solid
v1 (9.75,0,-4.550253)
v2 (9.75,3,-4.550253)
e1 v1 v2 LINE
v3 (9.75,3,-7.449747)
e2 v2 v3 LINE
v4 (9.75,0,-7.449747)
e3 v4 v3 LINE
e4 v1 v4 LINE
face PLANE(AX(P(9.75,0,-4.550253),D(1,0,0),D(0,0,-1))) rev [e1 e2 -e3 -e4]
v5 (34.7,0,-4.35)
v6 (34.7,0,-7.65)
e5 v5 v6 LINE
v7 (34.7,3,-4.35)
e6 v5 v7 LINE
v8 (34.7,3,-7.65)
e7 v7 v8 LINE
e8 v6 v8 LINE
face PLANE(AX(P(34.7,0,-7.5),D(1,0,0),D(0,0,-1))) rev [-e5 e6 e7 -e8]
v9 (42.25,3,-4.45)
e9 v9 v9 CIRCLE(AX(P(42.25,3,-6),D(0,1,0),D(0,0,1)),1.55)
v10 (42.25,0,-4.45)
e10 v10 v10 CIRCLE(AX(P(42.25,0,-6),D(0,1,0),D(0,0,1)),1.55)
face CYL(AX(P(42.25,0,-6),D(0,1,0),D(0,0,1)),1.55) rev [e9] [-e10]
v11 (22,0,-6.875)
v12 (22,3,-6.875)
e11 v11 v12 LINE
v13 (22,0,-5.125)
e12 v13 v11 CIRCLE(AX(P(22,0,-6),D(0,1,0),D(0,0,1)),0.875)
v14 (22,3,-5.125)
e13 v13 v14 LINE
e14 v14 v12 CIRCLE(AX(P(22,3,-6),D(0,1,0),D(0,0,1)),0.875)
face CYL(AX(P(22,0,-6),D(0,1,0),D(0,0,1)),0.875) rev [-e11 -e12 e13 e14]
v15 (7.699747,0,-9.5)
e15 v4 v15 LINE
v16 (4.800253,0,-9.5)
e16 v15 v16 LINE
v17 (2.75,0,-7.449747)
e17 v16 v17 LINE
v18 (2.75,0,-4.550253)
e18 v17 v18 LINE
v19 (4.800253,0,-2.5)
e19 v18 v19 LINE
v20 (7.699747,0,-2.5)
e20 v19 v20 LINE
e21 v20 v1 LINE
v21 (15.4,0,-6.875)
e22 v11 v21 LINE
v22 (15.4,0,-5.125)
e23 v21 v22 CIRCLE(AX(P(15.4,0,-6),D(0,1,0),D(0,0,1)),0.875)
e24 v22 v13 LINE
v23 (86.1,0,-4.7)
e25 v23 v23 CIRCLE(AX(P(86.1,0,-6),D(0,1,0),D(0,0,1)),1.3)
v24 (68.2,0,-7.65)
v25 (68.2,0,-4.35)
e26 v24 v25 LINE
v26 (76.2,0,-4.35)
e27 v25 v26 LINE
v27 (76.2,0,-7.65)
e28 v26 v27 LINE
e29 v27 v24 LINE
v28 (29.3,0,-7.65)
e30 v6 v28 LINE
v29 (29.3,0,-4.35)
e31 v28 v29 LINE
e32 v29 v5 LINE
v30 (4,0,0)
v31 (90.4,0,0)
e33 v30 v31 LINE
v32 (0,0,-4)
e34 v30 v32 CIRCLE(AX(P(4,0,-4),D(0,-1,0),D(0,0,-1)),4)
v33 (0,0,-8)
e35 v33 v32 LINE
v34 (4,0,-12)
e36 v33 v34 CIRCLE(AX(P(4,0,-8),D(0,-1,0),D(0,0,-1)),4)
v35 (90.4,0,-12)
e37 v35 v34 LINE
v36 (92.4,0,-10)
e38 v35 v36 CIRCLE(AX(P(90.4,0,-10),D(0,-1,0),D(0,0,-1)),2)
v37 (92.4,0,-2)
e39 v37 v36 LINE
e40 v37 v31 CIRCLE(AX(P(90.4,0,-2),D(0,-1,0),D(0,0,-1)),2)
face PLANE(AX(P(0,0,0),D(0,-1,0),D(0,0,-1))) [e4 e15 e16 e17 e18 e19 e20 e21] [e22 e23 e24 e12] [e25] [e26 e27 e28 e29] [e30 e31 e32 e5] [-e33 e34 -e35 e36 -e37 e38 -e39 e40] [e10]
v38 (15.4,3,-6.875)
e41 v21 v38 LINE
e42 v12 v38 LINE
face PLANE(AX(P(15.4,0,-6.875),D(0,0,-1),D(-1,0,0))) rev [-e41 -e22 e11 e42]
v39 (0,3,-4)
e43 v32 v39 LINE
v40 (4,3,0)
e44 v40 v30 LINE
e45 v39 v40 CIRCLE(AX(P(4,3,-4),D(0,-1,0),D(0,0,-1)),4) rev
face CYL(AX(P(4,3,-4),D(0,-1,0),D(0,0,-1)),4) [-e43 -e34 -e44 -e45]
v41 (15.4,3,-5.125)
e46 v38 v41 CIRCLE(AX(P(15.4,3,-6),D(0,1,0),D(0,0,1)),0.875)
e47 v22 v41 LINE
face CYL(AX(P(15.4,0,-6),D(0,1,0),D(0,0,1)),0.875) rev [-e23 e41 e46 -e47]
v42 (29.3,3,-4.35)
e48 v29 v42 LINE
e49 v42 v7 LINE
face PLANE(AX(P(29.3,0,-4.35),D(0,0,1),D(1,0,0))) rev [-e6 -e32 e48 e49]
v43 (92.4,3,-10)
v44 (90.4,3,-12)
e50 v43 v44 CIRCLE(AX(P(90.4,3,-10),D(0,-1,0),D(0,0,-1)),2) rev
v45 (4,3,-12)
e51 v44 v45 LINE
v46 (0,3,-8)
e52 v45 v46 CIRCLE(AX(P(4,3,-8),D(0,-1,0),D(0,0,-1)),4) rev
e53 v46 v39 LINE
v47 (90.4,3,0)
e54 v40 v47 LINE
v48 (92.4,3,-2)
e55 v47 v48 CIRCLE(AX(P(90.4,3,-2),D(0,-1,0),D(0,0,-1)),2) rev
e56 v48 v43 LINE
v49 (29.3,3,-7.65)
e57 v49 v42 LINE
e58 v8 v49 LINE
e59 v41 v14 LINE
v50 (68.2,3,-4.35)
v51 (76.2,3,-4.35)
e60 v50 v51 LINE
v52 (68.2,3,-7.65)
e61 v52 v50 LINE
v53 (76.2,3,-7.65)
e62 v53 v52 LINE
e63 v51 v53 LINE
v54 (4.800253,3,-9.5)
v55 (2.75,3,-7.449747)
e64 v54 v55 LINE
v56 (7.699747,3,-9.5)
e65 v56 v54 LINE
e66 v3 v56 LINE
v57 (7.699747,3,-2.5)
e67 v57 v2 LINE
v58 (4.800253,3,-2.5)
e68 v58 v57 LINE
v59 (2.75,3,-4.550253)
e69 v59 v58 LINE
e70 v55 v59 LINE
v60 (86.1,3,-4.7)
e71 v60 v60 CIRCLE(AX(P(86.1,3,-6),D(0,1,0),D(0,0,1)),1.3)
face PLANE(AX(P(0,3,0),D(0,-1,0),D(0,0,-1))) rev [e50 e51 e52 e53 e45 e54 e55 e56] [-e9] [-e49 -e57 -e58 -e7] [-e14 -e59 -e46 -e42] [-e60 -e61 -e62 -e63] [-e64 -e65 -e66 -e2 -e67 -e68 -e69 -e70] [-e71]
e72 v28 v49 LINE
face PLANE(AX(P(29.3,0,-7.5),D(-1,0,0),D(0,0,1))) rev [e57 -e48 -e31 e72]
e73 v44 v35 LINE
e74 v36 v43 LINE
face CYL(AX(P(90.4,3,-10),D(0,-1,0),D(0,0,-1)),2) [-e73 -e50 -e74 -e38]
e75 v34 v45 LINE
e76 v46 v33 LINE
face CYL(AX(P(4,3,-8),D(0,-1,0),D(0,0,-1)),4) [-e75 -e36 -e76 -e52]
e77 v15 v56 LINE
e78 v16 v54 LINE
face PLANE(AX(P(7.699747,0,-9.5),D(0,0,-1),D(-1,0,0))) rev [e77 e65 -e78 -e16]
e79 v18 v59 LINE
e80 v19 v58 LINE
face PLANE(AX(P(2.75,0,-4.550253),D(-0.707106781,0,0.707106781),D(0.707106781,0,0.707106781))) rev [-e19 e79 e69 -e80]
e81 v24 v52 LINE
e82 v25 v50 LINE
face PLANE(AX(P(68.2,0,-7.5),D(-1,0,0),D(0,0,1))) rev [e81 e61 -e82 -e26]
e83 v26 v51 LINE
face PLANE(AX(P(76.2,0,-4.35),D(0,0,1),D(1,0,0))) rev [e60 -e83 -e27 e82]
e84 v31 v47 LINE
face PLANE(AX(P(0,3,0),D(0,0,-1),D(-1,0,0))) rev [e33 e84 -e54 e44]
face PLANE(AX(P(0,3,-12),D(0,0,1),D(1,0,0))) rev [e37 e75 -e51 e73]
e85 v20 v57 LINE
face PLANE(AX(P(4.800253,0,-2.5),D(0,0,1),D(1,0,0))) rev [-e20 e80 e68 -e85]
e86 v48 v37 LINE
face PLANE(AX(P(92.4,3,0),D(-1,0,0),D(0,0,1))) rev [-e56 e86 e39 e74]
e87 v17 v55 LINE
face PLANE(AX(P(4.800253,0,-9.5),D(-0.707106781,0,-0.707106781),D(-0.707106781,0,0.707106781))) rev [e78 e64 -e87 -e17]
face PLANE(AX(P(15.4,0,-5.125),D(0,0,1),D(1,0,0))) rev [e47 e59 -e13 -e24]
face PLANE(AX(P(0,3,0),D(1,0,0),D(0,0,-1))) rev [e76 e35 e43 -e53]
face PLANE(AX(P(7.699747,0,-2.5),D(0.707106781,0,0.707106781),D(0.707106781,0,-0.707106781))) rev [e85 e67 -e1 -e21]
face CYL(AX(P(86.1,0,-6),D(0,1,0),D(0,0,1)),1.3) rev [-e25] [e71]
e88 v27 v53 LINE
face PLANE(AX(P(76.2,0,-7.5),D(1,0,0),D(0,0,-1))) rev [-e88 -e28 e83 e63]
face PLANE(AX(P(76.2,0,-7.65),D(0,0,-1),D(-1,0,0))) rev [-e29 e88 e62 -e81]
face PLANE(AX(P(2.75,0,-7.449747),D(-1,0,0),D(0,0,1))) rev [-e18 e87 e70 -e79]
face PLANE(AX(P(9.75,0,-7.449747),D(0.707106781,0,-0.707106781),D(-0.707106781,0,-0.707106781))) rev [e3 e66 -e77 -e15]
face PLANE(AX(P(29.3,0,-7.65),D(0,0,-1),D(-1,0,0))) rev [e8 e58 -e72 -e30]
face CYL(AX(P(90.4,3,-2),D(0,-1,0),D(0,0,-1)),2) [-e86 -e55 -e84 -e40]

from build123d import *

# Parameters (mm, degrees)
SKETCH2_W           = 92.4
SKETCH2_H           = 12
BOSS_EXTRUDE1_DEPTH = 3
FILLET1_R           = 4
FILLET2_R           = 2
SKETCH3_R           = 1.55
SKETCH3_R_2         = 1.3
SKETCH3_W           = 5.4
SKETCH3_H           = 3
SKETCH3_W_2         = 8
CUT_EXTRUDE1_DEPTH  = 4
SKETCH4_W           = 5.4
SKETCH4_H           = 0.15
SKETCH4_W_2         = 8
CUT_EXTRUDE2_DEPTH  = 4


with BuildPart() as part:
    # Sketch2 → Boss-Extrude1 (new body)
    with BuildSketch(Plane(origin=(0, 0, 0), x_dir=(1, 0, 0), z_dir=(0, 1, 0))):
        with Locations((46.2, 6)):
            Rectangle(SKETCH2_W, SKETCH2_H)
    extrude(amount=BOSS_EXTRUDE1_DEPTH)

    # Fillet1
    fillet1_edges = [part.edges().sort_by_distance(p)[0] for p in [
        (0, 1.5, -12),
        (0, 1.5, 0),
    ]]
    fillet(fillet1_edges, radius=FILLET1_R)

    # Fillet2
    fillet2_edges = [part.edges().sort_by_distance(p)[0] for p in [
        (92.4, 1.5, -12),
        (92.4, 1.5, 0),
    ]]
    fillet(fillet2_edges, radius=FILLET2_R)

    # Sketch3 → Cut-Extrude1 (cut, through all)
    with BuildSketch(Plane(origin=(0, 3, 0), x_dir=(1, 0, 0), z_dir=(0, 1, 0))):
        with Locations((42.25, 6)):
            Circle(SKETCH3_R)
        with Locations((86.1, 6)):
            Circle(SKETCH3_R_2)
        Polygon((9.75, 7.449747468), (7.699747468, 9.5), (4.800252532, 9.5), (2.75, 7.449747468), (2.75, 4.550252532), (4.800252532, 2.5), (7.699747468, 2.5), (9.75, 4.550252532), align=None)
        with BuildLine():
            Line((15.4, 6.875), (22, 6.875))
            ThreePointArc((22, 6.875), (22.875, 6), (22, 5.125))
            Line((22, 5.125), (15.4, 5.125))
            ThreePointArc((15.4, 5.125), (14.525, 6), (15.4, 6.875))
        make_face()
        with Locations((32, 6)):
            Rectangle(SKETCH3_W, SKETCH3_H)
        with Locations((72.2, 6)):
            Rectangle(SKETCH3_W_2, SKETCH3_H)
    extrude(amount=-CUT_EXTRUDE1_DEPTH, mode=Mode.SUBTRACT)

    # Sketch4 → Cut-Extrude2 (cut, through all)
    with BuildSketch(Plane(origin=(0, 3, 0), x_dir=(1, 0, 0), z_dir=(0, 1, 0))):
        with Locations((32, 7.575)):
            Rectangle(SKETCH4_W, SKETCH4_H)
        with Locations((32, 4.425)):
            Rectangle(SKETCH4_W, SKETCH4_H)
        with Locations((72.2, 7.575)):
            Rectangle(SKETCH4_W_2, SKETCH4_H)
        with Locations((72.2, 4.425)):
            Rectangle(SKETCH4_W_2, SKETCH4_H)
    extrude(amount=-CUT_EXTRUDE2_DEPTH, mode=Mode.SUBTRACT)


solid = part.part
